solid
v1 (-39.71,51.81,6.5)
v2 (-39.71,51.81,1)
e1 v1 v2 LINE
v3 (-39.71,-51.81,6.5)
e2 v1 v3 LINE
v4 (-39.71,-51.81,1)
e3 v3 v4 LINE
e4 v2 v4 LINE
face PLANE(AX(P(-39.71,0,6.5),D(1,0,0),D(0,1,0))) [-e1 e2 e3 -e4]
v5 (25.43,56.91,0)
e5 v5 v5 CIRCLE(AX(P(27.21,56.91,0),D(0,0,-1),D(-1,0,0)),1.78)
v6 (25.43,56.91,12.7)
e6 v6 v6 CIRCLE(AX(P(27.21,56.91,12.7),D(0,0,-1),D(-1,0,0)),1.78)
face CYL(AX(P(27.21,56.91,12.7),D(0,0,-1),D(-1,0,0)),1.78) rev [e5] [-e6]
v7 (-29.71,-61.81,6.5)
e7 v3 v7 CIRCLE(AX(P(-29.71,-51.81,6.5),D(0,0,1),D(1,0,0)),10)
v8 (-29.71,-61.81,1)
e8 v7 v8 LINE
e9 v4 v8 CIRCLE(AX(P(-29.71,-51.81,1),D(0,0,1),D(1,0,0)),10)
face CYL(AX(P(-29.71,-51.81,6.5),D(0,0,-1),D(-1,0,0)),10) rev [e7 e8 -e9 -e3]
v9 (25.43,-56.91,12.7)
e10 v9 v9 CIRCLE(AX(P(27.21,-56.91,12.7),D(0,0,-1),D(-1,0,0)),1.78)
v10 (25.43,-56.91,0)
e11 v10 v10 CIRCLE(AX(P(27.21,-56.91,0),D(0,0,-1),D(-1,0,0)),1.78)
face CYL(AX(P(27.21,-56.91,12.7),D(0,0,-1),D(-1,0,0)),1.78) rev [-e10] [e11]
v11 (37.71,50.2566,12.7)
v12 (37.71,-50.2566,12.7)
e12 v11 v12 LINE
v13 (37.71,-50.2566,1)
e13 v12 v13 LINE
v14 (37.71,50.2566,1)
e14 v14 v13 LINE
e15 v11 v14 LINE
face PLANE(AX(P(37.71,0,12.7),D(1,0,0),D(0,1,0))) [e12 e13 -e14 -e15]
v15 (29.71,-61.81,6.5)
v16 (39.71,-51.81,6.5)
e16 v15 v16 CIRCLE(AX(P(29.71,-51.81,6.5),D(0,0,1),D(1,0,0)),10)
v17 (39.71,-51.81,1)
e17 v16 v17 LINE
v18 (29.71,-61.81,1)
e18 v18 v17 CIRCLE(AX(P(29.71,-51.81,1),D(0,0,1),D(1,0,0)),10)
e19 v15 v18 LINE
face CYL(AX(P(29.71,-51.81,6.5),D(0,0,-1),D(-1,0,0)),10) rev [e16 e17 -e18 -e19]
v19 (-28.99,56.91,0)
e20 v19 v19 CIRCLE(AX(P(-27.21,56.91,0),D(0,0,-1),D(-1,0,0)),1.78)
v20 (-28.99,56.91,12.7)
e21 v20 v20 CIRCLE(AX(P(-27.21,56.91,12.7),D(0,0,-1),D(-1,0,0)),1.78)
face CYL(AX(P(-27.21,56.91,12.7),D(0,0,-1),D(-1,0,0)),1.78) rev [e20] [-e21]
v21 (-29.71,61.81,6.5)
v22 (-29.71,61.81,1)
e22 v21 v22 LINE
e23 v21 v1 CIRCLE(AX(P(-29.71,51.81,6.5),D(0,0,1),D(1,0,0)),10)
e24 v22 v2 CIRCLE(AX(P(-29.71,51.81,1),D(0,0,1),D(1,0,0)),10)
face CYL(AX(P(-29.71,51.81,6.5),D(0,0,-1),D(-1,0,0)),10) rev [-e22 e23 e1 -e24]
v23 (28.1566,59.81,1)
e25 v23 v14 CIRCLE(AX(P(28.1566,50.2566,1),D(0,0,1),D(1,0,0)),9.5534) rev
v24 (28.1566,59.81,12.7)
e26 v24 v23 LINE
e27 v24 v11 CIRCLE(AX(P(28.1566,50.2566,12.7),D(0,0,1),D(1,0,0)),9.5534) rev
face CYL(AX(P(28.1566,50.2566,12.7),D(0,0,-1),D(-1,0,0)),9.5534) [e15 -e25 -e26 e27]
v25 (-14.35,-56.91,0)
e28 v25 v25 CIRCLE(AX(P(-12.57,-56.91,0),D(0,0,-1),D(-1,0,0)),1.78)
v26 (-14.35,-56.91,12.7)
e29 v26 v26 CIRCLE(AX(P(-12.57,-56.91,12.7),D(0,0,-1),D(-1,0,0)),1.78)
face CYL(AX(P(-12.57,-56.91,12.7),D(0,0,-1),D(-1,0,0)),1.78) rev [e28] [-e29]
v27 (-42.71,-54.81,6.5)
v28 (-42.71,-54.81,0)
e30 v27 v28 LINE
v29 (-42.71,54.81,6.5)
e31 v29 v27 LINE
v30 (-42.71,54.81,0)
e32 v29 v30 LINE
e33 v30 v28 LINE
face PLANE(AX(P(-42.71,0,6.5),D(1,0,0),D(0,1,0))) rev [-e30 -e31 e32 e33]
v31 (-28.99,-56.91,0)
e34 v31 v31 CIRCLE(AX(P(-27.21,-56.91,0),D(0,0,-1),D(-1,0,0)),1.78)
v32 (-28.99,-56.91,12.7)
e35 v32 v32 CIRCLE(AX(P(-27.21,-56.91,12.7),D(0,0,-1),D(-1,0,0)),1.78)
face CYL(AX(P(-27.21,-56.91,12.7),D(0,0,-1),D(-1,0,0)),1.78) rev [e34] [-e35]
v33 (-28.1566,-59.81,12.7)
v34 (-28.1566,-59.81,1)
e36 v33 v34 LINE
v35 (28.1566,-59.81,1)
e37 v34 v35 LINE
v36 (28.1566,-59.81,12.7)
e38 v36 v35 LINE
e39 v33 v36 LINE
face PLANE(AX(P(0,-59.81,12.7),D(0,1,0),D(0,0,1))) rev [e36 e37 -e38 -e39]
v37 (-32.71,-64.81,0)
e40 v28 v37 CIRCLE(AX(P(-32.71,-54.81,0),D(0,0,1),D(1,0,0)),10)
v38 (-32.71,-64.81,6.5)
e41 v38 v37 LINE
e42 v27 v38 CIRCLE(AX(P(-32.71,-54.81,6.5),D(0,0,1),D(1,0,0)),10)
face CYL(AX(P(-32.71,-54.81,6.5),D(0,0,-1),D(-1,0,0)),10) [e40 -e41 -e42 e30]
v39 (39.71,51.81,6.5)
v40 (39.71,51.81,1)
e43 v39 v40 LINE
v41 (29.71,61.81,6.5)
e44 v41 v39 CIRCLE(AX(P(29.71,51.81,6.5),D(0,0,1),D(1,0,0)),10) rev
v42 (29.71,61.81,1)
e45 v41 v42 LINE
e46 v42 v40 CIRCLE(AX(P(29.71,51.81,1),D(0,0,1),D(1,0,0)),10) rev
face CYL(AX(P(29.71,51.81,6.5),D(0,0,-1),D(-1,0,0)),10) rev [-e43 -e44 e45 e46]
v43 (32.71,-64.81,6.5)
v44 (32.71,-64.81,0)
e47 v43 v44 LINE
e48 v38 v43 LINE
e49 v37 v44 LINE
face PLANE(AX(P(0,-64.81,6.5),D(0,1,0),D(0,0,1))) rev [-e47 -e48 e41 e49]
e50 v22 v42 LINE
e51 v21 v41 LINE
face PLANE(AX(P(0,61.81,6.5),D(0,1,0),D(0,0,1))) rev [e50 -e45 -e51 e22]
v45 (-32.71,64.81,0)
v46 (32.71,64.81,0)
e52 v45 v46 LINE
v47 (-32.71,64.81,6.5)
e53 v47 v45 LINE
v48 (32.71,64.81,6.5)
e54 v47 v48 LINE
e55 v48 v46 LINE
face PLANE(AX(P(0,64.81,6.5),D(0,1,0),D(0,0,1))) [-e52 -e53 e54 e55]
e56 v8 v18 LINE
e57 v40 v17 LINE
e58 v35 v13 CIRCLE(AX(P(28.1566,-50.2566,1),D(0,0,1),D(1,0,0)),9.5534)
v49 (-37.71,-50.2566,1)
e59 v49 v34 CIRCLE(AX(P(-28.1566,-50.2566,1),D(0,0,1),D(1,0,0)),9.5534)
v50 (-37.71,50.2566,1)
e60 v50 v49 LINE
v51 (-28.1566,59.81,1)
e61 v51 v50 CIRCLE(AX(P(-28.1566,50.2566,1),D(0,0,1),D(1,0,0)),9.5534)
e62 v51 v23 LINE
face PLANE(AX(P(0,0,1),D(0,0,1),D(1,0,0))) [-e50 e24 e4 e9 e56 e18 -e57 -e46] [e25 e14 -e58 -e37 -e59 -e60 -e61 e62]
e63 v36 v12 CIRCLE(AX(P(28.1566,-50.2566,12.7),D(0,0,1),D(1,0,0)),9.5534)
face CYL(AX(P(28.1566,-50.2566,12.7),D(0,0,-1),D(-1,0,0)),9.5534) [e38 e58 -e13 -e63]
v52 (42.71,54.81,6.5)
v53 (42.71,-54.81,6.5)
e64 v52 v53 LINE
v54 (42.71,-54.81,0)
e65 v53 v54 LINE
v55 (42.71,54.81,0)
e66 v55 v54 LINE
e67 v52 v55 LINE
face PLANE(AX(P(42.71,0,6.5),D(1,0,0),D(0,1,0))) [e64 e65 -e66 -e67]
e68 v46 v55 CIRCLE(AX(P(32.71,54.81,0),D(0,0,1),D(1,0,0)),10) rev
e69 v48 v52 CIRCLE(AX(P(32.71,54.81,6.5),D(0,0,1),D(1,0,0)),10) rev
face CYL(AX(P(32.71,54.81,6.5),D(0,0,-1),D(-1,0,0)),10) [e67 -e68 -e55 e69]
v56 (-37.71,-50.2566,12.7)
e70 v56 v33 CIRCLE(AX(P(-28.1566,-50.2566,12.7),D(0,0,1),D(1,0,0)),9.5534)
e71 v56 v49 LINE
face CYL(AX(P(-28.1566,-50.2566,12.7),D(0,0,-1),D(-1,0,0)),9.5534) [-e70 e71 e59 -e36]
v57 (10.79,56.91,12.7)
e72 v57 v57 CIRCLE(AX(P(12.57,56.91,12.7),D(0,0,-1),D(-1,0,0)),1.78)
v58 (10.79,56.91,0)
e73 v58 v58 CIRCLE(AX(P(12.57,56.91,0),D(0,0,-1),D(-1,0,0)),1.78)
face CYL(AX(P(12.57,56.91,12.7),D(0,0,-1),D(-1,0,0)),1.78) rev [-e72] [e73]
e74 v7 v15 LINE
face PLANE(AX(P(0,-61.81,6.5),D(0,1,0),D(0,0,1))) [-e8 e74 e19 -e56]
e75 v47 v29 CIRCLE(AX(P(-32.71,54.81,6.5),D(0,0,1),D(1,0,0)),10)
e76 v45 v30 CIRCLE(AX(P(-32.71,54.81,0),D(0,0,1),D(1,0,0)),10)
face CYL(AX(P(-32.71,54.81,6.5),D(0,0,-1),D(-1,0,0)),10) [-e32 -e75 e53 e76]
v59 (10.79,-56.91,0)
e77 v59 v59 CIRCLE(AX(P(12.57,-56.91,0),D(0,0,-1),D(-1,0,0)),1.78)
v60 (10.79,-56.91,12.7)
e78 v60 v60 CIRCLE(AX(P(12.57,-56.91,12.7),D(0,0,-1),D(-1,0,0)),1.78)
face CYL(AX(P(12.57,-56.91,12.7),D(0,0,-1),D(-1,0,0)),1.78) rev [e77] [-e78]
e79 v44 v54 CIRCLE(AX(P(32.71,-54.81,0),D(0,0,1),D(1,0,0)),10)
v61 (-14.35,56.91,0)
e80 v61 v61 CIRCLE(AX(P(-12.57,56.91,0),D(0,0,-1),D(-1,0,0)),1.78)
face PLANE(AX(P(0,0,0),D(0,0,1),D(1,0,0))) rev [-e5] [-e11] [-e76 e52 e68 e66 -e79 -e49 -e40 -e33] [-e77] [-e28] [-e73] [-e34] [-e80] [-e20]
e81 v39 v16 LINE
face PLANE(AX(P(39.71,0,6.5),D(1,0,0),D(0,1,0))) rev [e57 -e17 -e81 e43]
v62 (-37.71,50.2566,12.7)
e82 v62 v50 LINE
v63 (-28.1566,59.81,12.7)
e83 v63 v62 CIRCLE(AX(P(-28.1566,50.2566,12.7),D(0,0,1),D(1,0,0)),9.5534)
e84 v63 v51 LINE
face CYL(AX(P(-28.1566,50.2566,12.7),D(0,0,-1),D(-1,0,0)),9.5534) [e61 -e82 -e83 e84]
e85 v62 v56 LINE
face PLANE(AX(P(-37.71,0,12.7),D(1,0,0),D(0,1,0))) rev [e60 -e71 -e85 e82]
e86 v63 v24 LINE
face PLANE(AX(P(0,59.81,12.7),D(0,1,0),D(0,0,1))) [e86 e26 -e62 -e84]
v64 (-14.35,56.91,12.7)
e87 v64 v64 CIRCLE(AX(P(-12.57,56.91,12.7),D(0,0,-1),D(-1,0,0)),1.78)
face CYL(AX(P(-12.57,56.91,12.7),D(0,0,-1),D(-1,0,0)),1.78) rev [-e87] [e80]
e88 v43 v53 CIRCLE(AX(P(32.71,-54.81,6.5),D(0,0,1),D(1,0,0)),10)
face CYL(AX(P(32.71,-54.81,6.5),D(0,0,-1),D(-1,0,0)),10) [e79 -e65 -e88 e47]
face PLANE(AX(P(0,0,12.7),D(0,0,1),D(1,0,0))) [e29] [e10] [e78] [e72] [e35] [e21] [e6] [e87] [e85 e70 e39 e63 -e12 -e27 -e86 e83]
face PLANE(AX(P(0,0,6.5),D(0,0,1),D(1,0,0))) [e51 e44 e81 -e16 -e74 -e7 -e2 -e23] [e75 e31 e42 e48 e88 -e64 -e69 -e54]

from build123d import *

# Parameters (mm, degrees)
EXTRUDE_2_DEPTH     = 6.5
EXTRUDE_3_DEPTH     = 12.7
EXTRUDE_4_DEPTH     = 1
SKETCH_5_R          = 1.78
CUT_EXTRUDE_1_DEPTH = 79.649667514


with BuildPart() as part:
    # basis → 凸台-拉伸2 (new body)
    with BuildSketch(Plane.XY):
        with BuildLine():
            Line((32.71, 64.81), (-32.71, 64.81))
            ThreePointArc((-32.71, 64.81), (-39.781067812, 61.881067812), (-42.71, 54.81))
            Line((-42.71, 54.81), (-42.71, -54.81))
            ThreePointArc((-42.71, -54.81), (-39.781067812, -61.881067812), (-32.71, -64.81))
            Line((-32.71, -64.81), (32.71, -64.81))
            ThreePointArc((32.71, -64.81), (39.781067812, -61.881067812), (42.71, -54.81))
            Line((42.71, -54.81), (42.71, 54.81))
            ThreePointArc((42.71, 54.81), (39.781067812, 61.881067812), (32.71, 64.81))
        make_face()
        with BuildLine():
            ThreePointArc((-39.71, 51.81), (-36.781067812, 58.881067812), (-29.71, 61.81))
            Line((-29.71, 61.81), (29.71, 61.81))
            ThreePointArc((29.71, 61.81), (36.781067812, 58.881067812), (39.71, 51.81))
            Line((39.71, 51.81), (39.71, -51.81))
            ThreePointArc((39.71, -51.81), (36.781067812, -58.881067812), (29.71, -61.81))
            Line((29.71, -61.81), (-29.71, -61.81))
            ThreePointArc((-29.71, -61.81), (-36.781067812, -58.881067812), (-39.71, -51.81))
            Line((-39.71, -51.81), (-39.71, 51.81))
        make_face(mode=Mode.SUBTRACT)
    extrude(amount=EXTRUDE_2_DEPTH)



with BuildPart() as body_2:
    # basis<4> → 凸台-拉伸3 (new body)
    with BuildSketch(Plane.XY):
        with BuildLine():
            Line((28.1566, 59.81), (-28.1566, 59.81))
            ThreePointArc((-28.1566, 59.81), (-34.911873923, 57.011873923), (-37.71, 50.2566))
            Line((-37.71, 50.2566), (-37.71, -50.2566))
            ThreePointArc((-37.71, -50.2566), (-34.911873923, -57.011873923), (-28.1566, -59.81))
            Line((-28.1566, -59.81), (28.1566, -59.81))
            ThreePointArc((28.1566, -59.81), (34.911873923, -57.011873923), (37.71, -50.2566))
            Line((37.71, -50.2566), (37.71, 50.2566))
            ThreePointArc((37.71, 50.2566), (34.911873923, 57.011873923), (28.1566, 59.81))
        make_face()
    extrude(amount=EXTRUDE_3_DEPTH)


with BuildPart() as part_1:
    add(part.part)

    add(body_2.part)  # 凸台-拉伸4 merges body 2
    # basis<5> → 凸台-拉伸4 (add)
    with BuildSketch(Plane.XY):
        with BuildLine():
            Line((29.71, 61.81), (-29.71, 61.81))
            ThreePointArc((-29.71, 61.81), (-36.781067812, 58.881067812), (-39.71, 51.81))
            Line((-39.71, 51.81), (-39.71, -51.81))
            ThreePointArc((-39.71, -51.81), (-36.781067812, -58.881067812), (-29.71, -61.81))
            Line((-29.71, -61.81), (29.71, -61.81))
            ThreePointArc((29.71, -61.81), (36.781067812, -58.881067812), (39.71, -51.81))
            Line((39.71, -51.81), (39.71, 51.81))
            ThreePointArc((39.71, 51.81), (36.781067812, 58.881067812), (29.71, 61.81))
        make_face()
        with BuildLine():
            ThreePointArc((-37.71, 50.2566), (-34.911873923, 57.011873923), (-28.1566, 59.81))
            Line((-28.1566, 59.81), (28.1566, 59.81))
            ThreePointArc((28.1566, 59.81), (34.911873923, 57.011873923), (37.71, 50.2566))
            Line((37.71, 50.2566), (37.71, -50.2566))
            ThreePointArc((37.71, -50.2566), (34.911873923, -57.011873923), (28.1566, -59.81))
            Line((28.1566, -59.81), (-28.1566, -59.81))
            ThreePointArc((-28.1566, -59.81), (-34.911873923, -57.011873923), (-37.71, -50.2566))
            Line((-37.71, -50.2566), (-37.71, 50.2566))
        make_face(mode=Mode.SUBTRACT)
    extrude(amount=EXTRUDE_4_DEPTH)

    # 草图5 → 切除-拉伸1 (cut, through all)
    with BuildSketch(Plane(origin=(0, 0, 0), x_dir=(-1, 0, 0), z_dir=(0, 0, -1))):
        with Locations((27.21, 56.91)):
            Circle(SKETCH_5_R)
        with Locations((12.57, 56.91)):
            Circle(SKETCH_5_R)
        with Locations((-12.57, 56.91)):
            Circle(SKETCH_5_R)
        with Locations((-27.21, 56.91)):
            Circle(SKETCH_5_R)
        with Locations((27.21, -56.91)):
            Circle(SKETCH_5_R)
        with Locations((12.57, -56.91)):
            Circle(SKETCH_5_R)
        with Locations((-12.57, -56.91)):
            Circle(SKETCH_5_R)
        with Locations((-27.21, -56.91)):
            Circle(SKETCH_5_R)
    extrude(amount=-CUT_EXTRUDE_1_DEPTH, mode=Mode.SUBTRACT)


solid = part_1.part
